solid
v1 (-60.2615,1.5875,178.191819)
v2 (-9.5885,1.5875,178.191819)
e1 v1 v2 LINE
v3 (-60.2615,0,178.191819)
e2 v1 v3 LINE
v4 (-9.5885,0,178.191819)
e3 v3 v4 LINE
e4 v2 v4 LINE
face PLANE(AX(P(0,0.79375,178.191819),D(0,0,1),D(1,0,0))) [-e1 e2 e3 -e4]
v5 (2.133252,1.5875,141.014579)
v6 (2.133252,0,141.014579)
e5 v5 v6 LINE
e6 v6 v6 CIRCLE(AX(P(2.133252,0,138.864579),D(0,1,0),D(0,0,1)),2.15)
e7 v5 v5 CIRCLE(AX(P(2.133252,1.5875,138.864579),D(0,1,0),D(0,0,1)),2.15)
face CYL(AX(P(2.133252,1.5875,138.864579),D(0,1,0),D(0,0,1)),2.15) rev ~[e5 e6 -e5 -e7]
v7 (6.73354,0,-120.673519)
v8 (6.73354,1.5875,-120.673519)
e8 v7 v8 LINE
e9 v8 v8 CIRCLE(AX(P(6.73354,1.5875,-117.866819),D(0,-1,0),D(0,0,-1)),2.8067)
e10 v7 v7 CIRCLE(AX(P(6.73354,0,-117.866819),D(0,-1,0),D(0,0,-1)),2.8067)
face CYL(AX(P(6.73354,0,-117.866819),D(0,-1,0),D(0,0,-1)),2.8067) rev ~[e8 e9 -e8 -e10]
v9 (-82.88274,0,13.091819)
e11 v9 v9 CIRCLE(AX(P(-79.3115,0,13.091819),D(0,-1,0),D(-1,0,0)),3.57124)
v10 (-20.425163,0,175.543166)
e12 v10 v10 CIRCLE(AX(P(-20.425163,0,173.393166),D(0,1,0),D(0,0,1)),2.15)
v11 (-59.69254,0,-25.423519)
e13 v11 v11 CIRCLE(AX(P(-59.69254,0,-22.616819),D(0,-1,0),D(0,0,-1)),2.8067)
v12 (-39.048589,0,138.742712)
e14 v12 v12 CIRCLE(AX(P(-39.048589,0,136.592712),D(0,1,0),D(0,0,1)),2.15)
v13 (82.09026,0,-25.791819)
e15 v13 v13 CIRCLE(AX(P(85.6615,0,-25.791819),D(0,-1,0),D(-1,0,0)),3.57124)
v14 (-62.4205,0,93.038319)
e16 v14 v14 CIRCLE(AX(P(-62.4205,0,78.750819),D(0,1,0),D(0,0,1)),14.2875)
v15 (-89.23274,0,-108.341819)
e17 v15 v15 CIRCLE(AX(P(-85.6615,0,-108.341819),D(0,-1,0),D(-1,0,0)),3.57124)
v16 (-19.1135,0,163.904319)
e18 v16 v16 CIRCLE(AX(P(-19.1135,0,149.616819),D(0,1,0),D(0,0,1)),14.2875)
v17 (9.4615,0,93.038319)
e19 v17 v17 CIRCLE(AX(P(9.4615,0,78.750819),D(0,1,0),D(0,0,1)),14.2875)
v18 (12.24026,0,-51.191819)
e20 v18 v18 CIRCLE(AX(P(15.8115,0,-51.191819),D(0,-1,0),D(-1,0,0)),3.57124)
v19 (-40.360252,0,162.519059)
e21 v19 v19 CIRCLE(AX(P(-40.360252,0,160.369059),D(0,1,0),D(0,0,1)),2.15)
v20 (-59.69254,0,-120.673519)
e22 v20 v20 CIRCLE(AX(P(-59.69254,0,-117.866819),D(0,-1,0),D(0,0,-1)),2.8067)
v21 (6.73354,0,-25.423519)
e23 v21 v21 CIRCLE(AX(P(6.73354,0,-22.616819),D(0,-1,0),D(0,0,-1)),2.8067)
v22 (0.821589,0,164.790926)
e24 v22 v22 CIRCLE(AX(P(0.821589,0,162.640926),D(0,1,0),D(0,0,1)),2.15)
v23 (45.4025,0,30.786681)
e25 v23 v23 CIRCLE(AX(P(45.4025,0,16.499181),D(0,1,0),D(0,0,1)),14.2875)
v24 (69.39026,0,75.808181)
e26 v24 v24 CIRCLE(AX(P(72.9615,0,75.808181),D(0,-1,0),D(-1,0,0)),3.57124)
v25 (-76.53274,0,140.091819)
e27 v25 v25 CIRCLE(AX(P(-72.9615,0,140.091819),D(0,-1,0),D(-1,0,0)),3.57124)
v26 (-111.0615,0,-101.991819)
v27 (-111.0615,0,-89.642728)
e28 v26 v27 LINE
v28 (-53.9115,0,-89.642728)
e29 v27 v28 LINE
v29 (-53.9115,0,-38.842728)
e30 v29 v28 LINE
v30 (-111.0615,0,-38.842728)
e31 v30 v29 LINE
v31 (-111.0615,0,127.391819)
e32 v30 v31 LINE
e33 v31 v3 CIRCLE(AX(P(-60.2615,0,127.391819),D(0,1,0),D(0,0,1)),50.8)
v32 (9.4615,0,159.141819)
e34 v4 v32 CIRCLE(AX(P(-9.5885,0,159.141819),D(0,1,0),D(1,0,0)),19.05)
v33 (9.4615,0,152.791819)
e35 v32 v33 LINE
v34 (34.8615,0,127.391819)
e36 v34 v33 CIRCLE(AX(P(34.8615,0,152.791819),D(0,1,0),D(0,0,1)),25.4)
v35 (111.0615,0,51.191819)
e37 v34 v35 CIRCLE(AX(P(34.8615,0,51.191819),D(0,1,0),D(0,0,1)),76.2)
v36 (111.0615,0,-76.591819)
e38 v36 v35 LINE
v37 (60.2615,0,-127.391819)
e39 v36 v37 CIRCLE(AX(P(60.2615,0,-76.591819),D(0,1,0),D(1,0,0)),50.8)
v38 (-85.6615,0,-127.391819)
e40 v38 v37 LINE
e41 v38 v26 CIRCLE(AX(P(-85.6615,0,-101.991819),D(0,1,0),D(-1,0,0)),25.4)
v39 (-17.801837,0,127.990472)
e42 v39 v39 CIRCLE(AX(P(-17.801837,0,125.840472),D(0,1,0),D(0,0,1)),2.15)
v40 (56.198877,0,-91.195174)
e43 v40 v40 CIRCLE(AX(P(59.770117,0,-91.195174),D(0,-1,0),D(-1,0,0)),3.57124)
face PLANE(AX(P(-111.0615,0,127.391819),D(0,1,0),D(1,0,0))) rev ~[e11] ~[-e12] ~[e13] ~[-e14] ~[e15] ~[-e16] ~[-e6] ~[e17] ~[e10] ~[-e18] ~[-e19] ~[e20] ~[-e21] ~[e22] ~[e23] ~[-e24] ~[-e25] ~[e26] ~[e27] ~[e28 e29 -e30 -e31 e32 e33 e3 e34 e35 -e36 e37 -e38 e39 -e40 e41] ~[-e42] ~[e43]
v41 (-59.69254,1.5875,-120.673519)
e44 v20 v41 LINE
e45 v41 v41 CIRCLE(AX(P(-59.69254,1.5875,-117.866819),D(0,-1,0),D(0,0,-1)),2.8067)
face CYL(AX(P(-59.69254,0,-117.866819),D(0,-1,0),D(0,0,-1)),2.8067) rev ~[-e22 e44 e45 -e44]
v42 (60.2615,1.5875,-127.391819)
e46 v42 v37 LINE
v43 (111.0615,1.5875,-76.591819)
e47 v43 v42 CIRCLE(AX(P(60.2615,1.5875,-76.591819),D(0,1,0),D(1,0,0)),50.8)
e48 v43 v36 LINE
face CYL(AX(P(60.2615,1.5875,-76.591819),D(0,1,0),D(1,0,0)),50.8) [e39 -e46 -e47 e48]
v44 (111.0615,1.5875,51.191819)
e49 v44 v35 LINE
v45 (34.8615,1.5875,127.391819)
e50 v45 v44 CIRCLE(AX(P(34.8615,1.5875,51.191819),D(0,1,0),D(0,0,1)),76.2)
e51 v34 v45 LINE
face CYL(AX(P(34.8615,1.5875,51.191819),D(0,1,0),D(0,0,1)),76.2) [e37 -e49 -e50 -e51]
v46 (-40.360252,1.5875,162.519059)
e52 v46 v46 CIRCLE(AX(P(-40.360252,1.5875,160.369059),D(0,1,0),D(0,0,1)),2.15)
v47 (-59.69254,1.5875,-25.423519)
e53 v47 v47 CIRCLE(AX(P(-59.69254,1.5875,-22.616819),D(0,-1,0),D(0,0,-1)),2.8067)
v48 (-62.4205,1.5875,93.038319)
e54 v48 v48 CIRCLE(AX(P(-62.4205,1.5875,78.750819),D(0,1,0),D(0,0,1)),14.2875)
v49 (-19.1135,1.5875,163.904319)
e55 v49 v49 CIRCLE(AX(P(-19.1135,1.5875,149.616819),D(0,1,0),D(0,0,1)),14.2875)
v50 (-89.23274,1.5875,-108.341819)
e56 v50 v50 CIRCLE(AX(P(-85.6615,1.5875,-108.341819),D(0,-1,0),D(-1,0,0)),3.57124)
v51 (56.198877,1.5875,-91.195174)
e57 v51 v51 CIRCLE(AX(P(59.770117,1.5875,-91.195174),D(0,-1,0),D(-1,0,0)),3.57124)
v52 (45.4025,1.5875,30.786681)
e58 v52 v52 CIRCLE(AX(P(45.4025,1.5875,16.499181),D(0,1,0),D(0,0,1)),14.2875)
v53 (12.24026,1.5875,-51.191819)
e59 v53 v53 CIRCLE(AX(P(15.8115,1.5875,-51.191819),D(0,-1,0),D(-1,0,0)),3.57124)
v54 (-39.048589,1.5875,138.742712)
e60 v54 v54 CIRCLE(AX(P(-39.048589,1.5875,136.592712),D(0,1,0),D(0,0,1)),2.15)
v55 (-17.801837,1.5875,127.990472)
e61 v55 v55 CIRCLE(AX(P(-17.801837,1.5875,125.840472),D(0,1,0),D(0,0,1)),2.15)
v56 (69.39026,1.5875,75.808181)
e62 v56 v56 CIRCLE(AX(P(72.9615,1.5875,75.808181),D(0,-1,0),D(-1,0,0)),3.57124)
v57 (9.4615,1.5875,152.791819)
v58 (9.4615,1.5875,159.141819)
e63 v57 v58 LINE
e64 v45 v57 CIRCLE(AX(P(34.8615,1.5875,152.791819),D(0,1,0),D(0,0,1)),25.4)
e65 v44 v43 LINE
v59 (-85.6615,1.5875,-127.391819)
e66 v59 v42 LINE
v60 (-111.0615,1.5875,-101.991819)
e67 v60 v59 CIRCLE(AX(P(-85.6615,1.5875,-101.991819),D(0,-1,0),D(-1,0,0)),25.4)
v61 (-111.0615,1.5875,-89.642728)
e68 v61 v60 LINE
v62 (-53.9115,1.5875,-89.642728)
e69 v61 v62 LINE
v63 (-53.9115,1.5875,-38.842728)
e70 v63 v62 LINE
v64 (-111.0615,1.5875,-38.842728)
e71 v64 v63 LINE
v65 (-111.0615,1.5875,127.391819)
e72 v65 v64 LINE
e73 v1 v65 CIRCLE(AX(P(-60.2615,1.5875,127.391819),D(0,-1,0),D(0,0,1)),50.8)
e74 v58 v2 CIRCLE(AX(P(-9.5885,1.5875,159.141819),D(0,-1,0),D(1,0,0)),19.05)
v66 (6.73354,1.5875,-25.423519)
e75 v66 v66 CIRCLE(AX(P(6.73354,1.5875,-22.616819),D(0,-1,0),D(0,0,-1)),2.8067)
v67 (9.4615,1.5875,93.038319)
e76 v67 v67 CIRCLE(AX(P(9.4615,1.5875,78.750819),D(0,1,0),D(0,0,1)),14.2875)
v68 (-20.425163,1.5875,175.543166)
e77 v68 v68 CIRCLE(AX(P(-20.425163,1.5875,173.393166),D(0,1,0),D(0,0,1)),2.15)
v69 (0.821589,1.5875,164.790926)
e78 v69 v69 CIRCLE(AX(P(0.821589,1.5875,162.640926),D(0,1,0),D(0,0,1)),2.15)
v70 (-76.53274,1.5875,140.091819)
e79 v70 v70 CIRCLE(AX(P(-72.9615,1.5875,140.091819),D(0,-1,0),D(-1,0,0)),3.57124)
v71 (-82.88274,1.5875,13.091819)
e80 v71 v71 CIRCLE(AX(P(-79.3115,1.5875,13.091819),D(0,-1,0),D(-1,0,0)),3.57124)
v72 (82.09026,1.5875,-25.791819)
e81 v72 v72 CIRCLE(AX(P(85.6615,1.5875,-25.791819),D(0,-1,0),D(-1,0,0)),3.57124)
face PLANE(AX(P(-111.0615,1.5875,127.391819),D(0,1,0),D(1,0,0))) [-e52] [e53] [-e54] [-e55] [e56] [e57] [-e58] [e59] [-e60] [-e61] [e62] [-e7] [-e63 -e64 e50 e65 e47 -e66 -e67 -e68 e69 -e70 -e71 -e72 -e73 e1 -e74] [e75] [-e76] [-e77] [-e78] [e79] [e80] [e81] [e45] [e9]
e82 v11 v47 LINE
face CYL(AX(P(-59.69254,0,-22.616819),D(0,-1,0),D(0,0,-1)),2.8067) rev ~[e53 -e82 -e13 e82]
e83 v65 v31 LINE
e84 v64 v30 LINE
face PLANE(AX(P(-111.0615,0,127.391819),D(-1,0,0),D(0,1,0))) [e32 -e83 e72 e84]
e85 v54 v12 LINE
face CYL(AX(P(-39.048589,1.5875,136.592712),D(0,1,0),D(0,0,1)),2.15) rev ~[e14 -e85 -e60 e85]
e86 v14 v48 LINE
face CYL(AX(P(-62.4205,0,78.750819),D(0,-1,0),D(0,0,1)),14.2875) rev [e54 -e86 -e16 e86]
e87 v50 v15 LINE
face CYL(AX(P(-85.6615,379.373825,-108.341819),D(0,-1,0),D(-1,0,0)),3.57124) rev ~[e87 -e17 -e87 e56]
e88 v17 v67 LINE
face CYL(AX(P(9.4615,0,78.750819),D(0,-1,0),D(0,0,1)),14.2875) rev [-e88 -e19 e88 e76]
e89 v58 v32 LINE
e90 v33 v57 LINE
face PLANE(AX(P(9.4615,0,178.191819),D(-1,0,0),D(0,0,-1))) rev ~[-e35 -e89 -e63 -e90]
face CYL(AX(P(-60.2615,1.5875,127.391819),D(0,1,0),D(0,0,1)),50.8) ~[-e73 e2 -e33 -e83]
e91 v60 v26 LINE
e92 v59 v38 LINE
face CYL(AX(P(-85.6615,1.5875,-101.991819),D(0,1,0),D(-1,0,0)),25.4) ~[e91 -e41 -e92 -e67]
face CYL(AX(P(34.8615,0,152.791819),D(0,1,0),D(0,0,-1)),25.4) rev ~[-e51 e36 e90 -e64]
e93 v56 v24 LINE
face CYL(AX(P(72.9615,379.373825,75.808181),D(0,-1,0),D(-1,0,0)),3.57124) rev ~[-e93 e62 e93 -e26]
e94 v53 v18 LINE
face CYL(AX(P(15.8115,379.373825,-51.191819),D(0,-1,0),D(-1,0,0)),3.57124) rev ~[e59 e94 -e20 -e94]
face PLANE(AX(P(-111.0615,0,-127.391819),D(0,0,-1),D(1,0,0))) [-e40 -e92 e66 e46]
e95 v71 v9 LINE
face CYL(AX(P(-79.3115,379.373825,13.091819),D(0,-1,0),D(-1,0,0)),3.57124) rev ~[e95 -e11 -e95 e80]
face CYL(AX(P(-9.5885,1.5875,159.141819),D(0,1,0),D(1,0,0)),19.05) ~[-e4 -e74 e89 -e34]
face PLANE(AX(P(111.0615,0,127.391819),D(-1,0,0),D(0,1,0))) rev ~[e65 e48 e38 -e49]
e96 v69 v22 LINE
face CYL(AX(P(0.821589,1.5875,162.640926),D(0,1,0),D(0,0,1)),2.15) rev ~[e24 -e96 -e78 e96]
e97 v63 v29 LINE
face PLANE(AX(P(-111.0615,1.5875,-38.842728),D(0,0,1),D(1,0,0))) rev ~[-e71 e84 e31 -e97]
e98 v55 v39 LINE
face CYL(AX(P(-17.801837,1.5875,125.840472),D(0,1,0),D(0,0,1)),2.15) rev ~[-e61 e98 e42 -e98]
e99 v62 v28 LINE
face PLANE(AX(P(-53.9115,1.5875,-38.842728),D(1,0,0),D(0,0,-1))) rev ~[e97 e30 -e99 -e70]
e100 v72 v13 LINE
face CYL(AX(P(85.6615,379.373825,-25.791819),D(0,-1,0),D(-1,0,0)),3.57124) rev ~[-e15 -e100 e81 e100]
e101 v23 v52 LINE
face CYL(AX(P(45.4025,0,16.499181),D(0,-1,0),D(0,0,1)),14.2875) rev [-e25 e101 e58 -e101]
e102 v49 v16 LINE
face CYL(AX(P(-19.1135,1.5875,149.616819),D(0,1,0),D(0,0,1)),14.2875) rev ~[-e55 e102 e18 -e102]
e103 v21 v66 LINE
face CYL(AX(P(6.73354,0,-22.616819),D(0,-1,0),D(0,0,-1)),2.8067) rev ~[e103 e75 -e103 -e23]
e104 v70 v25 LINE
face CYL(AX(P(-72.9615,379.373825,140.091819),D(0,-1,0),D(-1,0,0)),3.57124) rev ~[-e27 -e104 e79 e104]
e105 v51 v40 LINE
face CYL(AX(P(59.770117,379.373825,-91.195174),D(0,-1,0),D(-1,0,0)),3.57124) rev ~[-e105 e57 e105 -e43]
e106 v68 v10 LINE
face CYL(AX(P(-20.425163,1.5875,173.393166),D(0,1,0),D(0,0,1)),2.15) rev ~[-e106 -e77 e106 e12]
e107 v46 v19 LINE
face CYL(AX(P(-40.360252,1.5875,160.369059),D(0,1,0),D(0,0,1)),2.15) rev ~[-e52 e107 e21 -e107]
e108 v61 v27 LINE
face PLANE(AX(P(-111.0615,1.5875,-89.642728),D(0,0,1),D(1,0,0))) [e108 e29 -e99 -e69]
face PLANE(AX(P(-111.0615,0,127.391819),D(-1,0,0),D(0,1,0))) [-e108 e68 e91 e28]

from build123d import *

# Parameters (mm, degrees)
SKETCH1_W               = 222.123
SKETCH1_H               = 254.783638074
SKETCH1_R               = 14.2875
BOSS_EXTRUDE1_DEPTH     = 1.5875
SKETCH4_R               = 2.8067
CUT_EXTRUDE1_DEPTH      = 170.014355888
SKETCH5_R               = 1.5875
CUT_EXTRUDE2_DEPTH      = 170.014355888
SKETCH6_W               = 222.123
SKETCH6_H               = 1.5875
BOSS_EXTRUDE2_DEPTH     = 50.8
SKETCH7_W               = 101.6
SKETCH7_H               = 50.8
CUT_EXTRUDE3_DEPTH      = 210.975001632
SKETCH8_R               = 14.2875
CUT_EXTRUDE5_DEPTH      = 210.975001632
SKETCH9_R               = 2.15
CUT_EXTRUDE6_DEPTH      = 210.975001632
SKETCH10_W              = 57.15
SKETCH10_H              = 50.8
CUT_EXTRUDE7_DEPTH      = 210.975001632
CUT_EXTRUDE8_DEPTH      = 210.975001632
FILLET2_R               = 25.4
CUT_EXTRUDE9_DEPTH      = 210.975001632
CUT_EXTRUDE10_DEPTH     = 210.975001632
CUT_EXTRUDE11_DEPTH     = 210.975001632
CUT_EXTRUDE12_DEPTH     = 210.975001632
SKETCH16_R              = 1.27
CUT_EXTRUDE13_DEPTH     = 210.975001632
F_1_4_CLEARANCE_HOLE1_D = 7.14248


with BuildPart() as part:
    # Sketch1 → Boss-Extrude1 (new body)
    with BuildSketch(Plane(origin=(0, 0, 0), x_dir=(1, 0, 0), z_dir=(0, 1, 0))):
        Rectangle(SKETCH1_W, SKETCH1_H)
        with Locations(Location((9.4615, -78.750819037, 0), (0, 0, 270))):
            Circle(SKETCH1_R, mode=Mode.SUBTRACT)
        with Locations(Location((45.4025, -16.499180963, 0), (0, 0, 270))):
            Circle(SKETCH1_R, mode=Mode.SUBTRACT)
        with Locations(Location((-62.4205, -78.750819037, 0), (0, 0, 270))):
            Circle(SKETCH1_R, mode=Mode.SUBTRACT)
    extrude(amount=BOSS_EXTRUDE1_DEPTH)

    # Sketch4 → Cut-Extrude1 (cut, through all)
    with BuildSketch(Plane(origin=(0, 0, 0), x_dir=(-1, 0, 0), z_dir=(0, -1, 0))):
        with Locations(Location((59.692539866, 117.866819037, 0), (0, 0, 90))):
            Circle(SKETCH4_R)
        with Locations(Location((59.692539866, 22.616819037, 0), (0, 0, 90))):
            Circle(SKETCH4_R)
        with Locations(Location((-6.733539866, 117.866819037, 0), (0, 0, 90))):
            Circle(SKETCH4_R)
        with Locations(Location((-6.733539866, 22.616819037, 0), (0, 0, 90))):
            Circle(SKETCH4_R)
    extrude(amount=-CUT_EXTRUDE1_DEPTH, mode=Mode.SUBTRACT)

    # Sketch5 → Cut-Extrude2 (cut, through all)
    with BuildSketch(Plane.XZ):
        with Locations(Location((59.770116522, -91.195174152, 0), (0, 0, 270))):
            Circle(SKETCH5_R)
    extrude(amount=-CUT_EXTRUDE2_DEPTH, mode=Mode.SUBTRACT)

    # Sketch6 → Boss-Extrude2 (add)
    with BuildSketch(Plane.XY.offset(127.391819037)):
        with Locations((0, 0.79375)):
            Rectangle(SKETCH6_W, SKETCH6_H)
    extrude(amount=BOSS_EXTRUDE2_DEPTH)

    # Sketch7 → Cut-Extrude3 (cut, through all)
    with BuildSketch(Plane(origin=(0, 0, 0), x_dir=(-1, 0, 0), z_dir=(0, -1, 0))):
        with Locations((-60.2615, -152.791819037)):
            Rectangle(SKETCH7_W, SKETCH7_H)
    extrude(amount=-CUT_EXTRUDE3_DEPTH, mode=Mode.SUBTRACT)

    # Sketch8 → Cut-Extrude5 (cut, through all)
    with BuildSketch(Plane(origin=(0, 1.5875, 0), x_dir=(1, 0, 0), z_dir=(0, 1, 0))):
        with Locations(Location((-19.1135, -149.616819037, 0), (0, 0, 270))):
            Circle(SKETCH8_R)
    extrude(amount=-CUT_EXTRUDE5_DEPTH, mode=Mode.SUBTRACT)

    # Sketch9 → Cut-Extrude6 (cut, through all)
    with BuildSketch(Plane(origin=(0, 1.5875, 0), x_dir=(1, 0, 0), z_dir=(0, 1, 0))):
        with Locations(Location((-17.801836865, -125.840471629, 0), (0, 0, 270))):
            Circle(SKETCH9_R)
        with Locations(Location((2.133252432, -138.86457893, 0), (0, 0, 270))):
            Circle(SKETCH9_R)
        with Locations(Location((0.821589297, -162.640926338, 0), (0, 0, 270))):
            Circle(SKETCH9_R)
        with Locations(Location((-20.425163135, -173.393166445, 0), (0, 0, 270))):
            Circle(SKETCH9_R)
        with Locations(Location((-40.360252432, -160.369059145, 0), (0, 0, 270))):
            Circle(SKETCH9_R)
        with Locations(Location((-39.048589297, -136.592711737, 0), (0, 0, 270))):
            Circle(SKETCH9_R)
    extrude(amount=-CUT_EXTRUDE6_DEPTH, mode=Mode.SUBTRACT)

    # Sketch10 → Cut-Extrude7 (cut, through all)
    with BuildSketch(Plane(origin=(0, 1.5875, 0), x_dir=(1, 0, 0), z_dir=(0, 1, 0))):
        with Locations((-82.4865, 64.242728021)):
            Rectangle(SKETCH10_W, SKETCH10_H)
    extrude(amount=-CUT_EXTRUDE7_DEPTH, mode=Mode.SUBTRACT)

    # Sketch11 → Cut-Extrude8 (cut, through all)
    with BuildSketch(Plane(origin=(0, 1.5875, 0), x_dir=(1, 0, 0), z_dir=(0, 1, 0))):
        with BuildLine():
            Line((-9.5885, -178.191819037), (9.4615, -178.191819037))
            Line((9.4615, -178.191819037), (9.4615, -159.141819037))
            ThreePointArc((9.4615, -159.141819037), (3.881884182, -172.612203219), (-9.5885, -178.191819037))
        make_face()
    extrude(amount=-CUT_EXTRUDE8_DEPTH, mode=Mode.SUBTRACT)

    # Fillet2
    fillet2_edges = [part.edges().sort_by_distance(p)[0] for p in [
        (9.4615, 0.79375, 127.391819037),
    ]]
    fillet(fillet2_edges, radius=FILLET2_R)

    # Sketch12 → Cut-Extrude9 (cut, through all)
    with BuildSketch(Plane(origin=(0, 1.5875, 0), x_dir=(1, 0, 0), z_dir=(0, 1, 0))):
        with BuildLine():
            Line((111.0615, -51.191819037), (111.0615, -127.391819037))
            Line((111.0615, -127.391819037), (34.8615, -127.391819037))
            ThreePointArc((34.8615, -127.391819037), (88.743036726, -105.073355764), (111.0615, -51.191819037))
        make_face()
    extrude(amount=-CUT_EXTRUDE9_DEPTH, mode=Mode.SUBTRACT)

    # Sketch13 → Cut-Extrude10 (cut, through all)
    with BuildSketch(Plane(origin=(0, 1.5875, 0), x_dir=(1, 0, 0), z_dir=(0, 1, 0))):
        with BuildLine():
            Line((60.2615, 127.391819037), (111.0615, 127.391819037))
            Line((111.0615, 127.391819037), (111.0615, 76.591819037))
            ThreePointArc((111.0615, 76.591819037), (96.182524484, 112.512843522), (60.2615, 127.391819037))
        make_face()
    extrude(amount=-CUT_EXTRUDE10_DEPTH, mode=Mode.SUBTRACT)

    # Sketch14 → Cut-Extrude11 (cut, through all)
    with BuildSketch(Plane(origin=(0, 1.5875, 0), x_dir=(1, 0, 0), z_dir=(0, 1, 0))):
        with BuildLine():
            Line((-85.6615, 127.391819037), (-111.0615, 127.391819037))
            Line((-111.0615, 127.391819037), (-111.0615, 101.991819037))
            ThreePointArc((-111.0615, 101.991819037), (-103.622012242, 119.95233128), (-85.6615, 127.391819037))
        make_face()
    extrude(amount=-CUT_EXTRUDE11_DEPTH, mode=Mode.SUBTRACT)

    # Sketch15 → Cut-Extrude12 (cut, through all)
    with BuildSketch(Plane(origin=(0, 1.5875, 0), x_dir=(1, 0, 0), z_dir=(0, 1, 0))):
        with BuildLine():
            Line((-111.0615, -127.391819037), (-111.0615, -178.191819037))
            Line((-111.0615, -178.191819037), (-60.2615, -178.191819037))
            ThreePointArc((-60.2615, -178.191819037), (-96.182524484, -163.312843522), (-111.0615, -127.391819037))
        make_face()
    extrude(amount=-CUT_EXTRUDE12_DEPTH, mode=Mode.SUBTRACT)

    # Sketch16 → Cut-Extrude13 (cut, through all)
    with BuildSketch(Plane.XZ):
        with Locations(Location((-85.6615, -108.341819037, 0), (0, 0, 270))):
            Circle(SKETCH16_R)
        with Locations(Location((-79.3115, 13.091819037, 0), (0, 0, 270))):
            Circle(SKETCH16_R)
        with Locations(Location((-72.9615, 140.091819037, 0), (0, 0, 270))):
            Circle(SKETCH16_R)
        with Locations(Location((72.9615, 75.808180963, 0), (0, 0, 270))):
            Circle(SKETCH16_R)
        with Locations(Location((85.6615, -25.791819037, 0), (0, 0, 270))):
            Circle(SKETCH16_R)
        with Locations(Location((15.8115, -51.191819037, 0), (0, 0, 270))):
            Circle(SKETCH16_R)
    extrude(amount=-CUT_EXTRUDE13_DEPTH, mode=Mode.SUBTRACT)

    # 1/4 Clearance Hole1 (through all)
    with Locations(Plane(origin=(0, 1.5875, 0), x_dir=(1, 0, 0), z_dir=(0, 1, 0))):
        with Locations((-85.6615, 108.341819037), (-79.3115, -13.091819037), (-72.9615, -140.091819037), (72.9615, -75.808180963), (85.6615, 25.791819037), (59.770116522, 91.195174152), (15.8115, 51.191819037)):
            Hole(F_1_4_CLEARANCE_HOLE1_D / 2)


solid = part.part
